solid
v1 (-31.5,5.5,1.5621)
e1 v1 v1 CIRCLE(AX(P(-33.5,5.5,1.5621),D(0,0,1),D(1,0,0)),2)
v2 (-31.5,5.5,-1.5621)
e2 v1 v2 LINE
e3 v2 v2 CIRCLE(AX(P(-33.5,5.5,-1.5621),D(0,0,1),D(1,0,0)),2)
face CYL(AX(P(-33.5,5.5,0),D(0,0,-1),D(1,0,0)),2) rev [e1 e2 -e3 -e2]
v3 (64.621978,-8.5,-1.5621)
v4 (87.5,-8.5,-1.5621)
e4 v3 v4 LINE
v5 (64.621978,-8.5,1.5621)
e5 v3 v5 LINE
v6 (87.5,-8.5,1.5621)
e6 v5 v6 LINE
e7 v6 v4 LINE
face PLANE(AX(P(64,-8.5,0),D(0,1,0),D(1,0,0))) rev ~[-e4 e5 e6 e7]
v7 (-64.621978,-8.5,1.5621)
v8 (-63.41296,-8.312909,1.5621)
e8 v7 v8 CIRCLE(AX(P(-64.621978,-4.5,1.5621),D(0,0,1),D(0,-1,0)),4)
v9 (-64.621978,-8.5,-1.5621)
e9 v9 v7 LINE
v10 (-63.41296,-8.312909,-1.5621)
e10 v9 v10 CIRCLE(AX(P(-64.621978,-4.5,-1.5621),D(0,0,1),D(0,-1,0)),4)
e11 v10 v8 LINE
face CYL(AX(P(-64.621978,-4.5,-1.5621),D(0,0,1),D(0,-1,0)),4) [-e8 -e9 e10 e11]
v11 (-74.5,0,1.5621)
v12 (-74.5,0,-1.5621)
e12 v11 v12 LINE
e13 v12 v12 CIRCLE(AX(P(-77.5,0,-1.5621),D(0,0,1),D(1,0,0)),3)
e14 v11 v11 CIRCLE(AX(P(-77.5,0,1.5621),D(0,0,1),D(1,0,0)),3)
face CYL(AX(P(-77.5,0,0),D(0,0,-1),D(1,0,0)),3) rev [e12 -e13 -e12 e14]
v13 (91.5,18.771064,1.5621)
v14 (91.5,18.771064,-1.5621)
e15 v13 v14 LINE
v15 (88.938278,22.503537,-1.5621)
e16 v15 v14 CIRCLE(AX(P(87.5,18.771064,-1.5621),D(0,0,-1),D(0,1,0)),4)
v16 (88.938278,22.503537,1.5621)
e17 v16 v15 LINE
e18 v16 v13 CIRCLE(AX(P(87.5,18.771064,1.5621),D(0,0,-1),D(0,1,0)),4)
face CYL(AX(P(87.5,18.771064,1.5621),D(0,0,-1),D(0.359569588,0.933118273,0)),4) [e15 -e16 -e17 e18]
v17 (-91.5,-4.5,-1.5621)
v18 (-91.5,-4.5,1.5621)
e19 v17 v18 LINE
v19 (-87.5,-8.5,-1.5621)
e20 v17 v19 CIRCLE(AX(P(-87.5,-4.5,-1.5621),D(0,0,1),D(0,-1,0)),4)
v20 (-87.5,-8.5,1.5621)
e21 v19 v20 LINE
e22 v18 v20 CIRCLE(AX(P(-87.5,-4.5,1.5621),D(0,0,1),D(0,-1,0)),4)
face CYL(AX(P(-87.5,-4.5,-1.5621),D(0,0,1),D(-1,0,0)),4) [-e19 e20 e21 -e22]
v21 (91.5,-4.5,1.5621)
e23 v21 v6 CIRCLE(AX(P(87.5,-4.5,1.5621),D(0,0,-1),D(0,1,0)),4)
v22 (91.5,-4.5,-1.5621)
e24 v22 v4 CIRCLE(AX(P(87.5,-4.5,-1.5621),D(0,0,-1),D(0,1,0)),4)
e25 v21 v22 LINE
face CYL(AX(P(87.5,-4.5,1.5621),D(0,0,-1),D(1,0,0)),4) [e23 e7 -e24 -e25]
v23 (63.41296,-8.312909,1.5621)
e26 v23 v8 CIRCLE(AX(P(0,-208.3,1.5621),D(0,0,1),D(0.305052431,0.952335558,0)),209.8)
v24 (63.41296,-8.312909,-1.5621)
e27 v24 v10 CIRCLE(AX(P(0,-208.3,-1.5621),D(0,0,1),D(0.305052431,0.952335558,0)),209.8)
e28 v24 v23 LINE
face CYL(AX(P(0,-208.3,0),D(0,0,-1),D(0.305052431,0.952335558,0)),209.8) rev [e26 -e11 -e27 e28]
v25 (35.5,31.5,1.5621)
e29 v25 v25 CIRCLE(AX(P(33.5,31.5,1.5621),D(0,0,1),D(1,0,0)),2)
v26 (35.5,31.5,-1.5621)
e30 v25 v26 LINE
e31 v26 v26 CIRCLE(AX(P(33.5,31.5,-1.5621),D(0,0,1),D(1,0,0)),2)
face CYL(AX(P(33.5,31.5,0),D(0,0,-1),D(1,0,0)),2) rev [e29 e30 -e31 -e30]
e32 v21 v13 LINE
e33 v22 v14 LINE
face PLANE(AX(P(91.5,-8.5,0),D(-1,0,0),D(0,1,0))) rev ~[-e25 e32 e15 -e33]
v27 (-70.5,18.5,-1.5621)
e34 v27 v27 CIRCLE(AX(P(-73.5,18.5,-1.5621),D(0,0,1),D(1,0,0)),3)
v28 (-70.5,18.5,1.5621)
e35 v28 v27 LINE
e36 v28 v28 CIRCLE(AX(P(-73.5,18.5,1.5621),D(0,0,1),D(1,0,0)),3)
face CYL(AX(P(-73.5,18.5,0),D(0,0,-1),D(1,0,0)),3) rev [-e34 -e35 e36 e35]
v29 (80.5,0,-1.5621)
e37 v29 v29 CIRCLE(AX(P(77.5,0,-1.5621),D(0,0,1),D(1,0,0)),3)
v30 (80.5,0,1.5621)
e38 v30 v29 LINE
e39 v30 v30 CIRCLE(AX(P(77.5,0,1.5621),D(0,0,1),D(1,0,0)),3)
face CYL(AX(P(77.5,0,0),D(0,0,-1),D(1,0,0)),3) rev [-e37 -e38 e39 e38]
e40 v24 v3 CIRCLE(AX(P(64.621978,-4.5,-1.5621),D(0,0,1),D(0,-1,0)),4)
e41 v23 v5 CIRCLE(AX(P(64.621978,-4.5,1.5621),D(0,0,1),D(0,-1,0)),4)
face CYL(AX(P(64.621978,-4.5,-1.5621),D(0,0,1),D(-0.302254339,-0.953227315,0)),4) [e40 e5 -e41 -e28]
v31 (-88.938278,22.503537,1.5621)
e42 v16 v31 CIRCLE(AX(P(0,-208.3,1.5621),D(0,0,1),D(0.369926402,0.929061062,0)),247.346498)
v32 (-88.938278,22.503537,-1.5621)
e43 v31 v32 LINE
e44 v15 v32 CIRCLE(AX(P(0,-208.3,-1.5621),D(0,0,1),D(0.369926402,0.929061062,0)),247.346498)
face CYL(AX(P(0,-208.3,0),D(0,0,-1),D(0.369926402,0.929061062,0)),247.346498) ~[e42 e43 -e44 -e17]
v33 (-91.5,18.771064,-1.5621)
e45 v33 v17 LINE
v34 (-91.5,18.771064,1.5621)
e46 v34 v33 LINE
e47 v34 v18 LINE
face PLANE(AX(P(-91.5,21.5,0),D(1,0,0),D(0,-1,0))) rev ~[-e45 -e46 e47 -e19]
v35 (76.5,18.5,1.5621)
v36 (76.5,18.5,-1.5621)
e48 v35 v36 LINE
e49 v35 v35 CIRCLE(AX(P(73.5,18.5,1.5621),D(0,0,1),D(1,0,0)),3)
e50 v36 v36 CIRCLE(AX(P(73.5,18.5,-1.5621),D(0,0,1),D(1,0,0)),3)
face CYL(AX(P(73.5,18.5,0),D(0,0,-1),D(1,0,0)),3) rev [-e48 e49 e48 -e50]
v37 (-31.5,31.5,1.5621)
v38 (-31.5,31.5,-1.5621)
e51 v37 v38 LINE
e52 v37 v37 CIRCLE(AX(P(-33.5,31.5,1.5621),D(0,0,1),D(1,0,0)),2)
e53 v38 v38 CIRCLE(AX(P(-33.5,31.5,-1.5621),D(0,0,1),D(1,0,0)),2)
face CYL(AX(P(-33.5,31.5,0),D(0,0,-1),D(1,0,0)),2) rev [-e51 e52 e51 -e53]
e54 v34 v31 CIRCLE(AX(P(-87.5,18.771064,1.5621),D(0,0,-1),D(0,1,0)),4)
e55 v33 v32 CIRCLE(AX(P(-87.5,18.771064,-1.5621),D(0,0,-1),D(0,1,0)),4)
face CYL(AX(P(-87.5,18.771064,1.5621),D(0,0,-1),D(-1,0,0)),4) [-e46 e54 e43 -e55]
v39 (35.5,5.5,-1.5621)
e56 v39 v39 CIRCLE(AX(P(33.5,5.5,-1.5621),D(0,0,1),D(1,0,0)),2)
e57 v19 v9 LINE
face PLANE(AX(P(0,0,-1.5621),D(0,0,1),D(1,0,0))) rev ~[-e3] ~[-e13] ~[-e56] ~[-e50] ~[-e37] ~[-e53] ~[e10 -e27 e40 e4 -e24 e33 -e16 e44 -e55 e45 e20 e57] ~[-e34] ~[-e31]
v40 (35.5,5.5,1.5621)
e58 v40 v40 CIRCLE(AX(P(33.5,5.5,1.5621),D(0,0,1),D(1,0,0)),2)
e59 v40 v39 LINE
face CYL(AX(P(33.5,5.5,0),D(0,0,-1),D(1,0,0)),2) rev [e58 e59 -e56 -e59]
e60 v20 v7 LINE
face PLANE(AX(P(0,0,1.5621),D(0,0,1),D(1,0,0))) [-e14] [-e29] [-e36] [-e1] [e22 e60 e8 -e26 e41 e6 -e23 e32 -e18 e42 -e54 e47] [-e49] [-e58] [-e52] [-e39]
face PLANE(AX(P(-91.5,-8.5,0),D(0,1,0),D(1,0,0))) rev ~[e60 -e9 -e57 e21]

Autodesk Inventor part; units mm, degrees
ref_plane "YZ Plane" through (0, 0, 0) normal (1, 0, 0) x (0, 1, 0)
ref_plane "XZ Plane" through (0, 0, 0) normal (0, 1, 0) x (-1, 0, 0)
ref_plane "XY Plane" through (0, 0, 0) normal (0, 0, 1) x (1, 0, 0)
sketch "Sketch1" plane through (0, 0, 0) normal (0, 0, 1) x (1, 0, 0)
  line L0 (-91.5, -8.5) -> (-64, -8.5)
  line L1 (-91.5, 21.5) -> (-91.5, -8.5)
  line L2 (64, -8.5) -> (91.5, -8.5)
  line L3 (91.5, -8.5) -> (91.5, 21.5)
  arc A0 (64, -8.5) -> (-64, -8.5) centre (0, -208.3) ccw
  arc A1 (91.5, 21.5) -> (-91.5, 21.5) centre (0, -208.3) ccw
  circle A2 centre (-77.5, 0) radius 3
  circle A3 centre (77.5, 0) radius 3
  circle A4 centre (-73.5, 18.5) radius 3
  circle A5 centre (73.5, 18.5) radius 3
  line L4 (-33.5, 5.5) -> (33.5, 5.5) construction
  line L5 (33.5, 5.5) -> (33.5, 31.5) construction
  line L6 (33.5, 31.5) -> (-33.5, 31.5) construction
  line L7 (-33.5, 31.5) -> (-33.5, 5.5) construction
  line L8 (-33.5, 5.5) -> (33.5, 31.5) construction
  line L9 (33.5, 5.5) -> (-33.5, 31.5) construction
  circle A6 centre (-33.5, 31.5) radius 2
  circle A7 centre (33.5, 31.5) radius 2
  circle A8 centre (33.5, 5.5) radius 2
  circle A9 centre (-33.5, 5.5) radius 2
  point P0 (0, 0)
  point P1 (0, 18.5)
  point P2 (0, 18.5)
  dimension "d0" = 155
  dimension "d1" = 77.5
  dimension "d2" = 8.5
  dimension "d3" = 27.5
  dimension "d4" = 14
  dimension "d5" = 14
  dimension "d6" = 30
  dimension "d12" = 6
  dimension "d13" = 18.5
  dimension "d14" = 4
  dimension "d15" = 18.5
  dimension "d16" = 4
  dimension "d17" = 67
  dimension "d18" = 26
  dimension "d19" = 4
  dimension "d20" = 10
  dimension "d22" = 40
extrude "Extrusion1" add sketch "Sketch1" along normal mid plane 3.1242
fillet "Fillet1" radius 4 6 edges at (-91.5, -8.5, 0) (-91.5, 21.5, 0) (-64, -8.5, 0) (64, -8.5, 0) (91.5, -8.5, 0) (91.5, 21.5, 0)
equation "\"d1\" = 0.5 * d0"
properties part number "Y Motor Plate" material "Aluminum 6061"
